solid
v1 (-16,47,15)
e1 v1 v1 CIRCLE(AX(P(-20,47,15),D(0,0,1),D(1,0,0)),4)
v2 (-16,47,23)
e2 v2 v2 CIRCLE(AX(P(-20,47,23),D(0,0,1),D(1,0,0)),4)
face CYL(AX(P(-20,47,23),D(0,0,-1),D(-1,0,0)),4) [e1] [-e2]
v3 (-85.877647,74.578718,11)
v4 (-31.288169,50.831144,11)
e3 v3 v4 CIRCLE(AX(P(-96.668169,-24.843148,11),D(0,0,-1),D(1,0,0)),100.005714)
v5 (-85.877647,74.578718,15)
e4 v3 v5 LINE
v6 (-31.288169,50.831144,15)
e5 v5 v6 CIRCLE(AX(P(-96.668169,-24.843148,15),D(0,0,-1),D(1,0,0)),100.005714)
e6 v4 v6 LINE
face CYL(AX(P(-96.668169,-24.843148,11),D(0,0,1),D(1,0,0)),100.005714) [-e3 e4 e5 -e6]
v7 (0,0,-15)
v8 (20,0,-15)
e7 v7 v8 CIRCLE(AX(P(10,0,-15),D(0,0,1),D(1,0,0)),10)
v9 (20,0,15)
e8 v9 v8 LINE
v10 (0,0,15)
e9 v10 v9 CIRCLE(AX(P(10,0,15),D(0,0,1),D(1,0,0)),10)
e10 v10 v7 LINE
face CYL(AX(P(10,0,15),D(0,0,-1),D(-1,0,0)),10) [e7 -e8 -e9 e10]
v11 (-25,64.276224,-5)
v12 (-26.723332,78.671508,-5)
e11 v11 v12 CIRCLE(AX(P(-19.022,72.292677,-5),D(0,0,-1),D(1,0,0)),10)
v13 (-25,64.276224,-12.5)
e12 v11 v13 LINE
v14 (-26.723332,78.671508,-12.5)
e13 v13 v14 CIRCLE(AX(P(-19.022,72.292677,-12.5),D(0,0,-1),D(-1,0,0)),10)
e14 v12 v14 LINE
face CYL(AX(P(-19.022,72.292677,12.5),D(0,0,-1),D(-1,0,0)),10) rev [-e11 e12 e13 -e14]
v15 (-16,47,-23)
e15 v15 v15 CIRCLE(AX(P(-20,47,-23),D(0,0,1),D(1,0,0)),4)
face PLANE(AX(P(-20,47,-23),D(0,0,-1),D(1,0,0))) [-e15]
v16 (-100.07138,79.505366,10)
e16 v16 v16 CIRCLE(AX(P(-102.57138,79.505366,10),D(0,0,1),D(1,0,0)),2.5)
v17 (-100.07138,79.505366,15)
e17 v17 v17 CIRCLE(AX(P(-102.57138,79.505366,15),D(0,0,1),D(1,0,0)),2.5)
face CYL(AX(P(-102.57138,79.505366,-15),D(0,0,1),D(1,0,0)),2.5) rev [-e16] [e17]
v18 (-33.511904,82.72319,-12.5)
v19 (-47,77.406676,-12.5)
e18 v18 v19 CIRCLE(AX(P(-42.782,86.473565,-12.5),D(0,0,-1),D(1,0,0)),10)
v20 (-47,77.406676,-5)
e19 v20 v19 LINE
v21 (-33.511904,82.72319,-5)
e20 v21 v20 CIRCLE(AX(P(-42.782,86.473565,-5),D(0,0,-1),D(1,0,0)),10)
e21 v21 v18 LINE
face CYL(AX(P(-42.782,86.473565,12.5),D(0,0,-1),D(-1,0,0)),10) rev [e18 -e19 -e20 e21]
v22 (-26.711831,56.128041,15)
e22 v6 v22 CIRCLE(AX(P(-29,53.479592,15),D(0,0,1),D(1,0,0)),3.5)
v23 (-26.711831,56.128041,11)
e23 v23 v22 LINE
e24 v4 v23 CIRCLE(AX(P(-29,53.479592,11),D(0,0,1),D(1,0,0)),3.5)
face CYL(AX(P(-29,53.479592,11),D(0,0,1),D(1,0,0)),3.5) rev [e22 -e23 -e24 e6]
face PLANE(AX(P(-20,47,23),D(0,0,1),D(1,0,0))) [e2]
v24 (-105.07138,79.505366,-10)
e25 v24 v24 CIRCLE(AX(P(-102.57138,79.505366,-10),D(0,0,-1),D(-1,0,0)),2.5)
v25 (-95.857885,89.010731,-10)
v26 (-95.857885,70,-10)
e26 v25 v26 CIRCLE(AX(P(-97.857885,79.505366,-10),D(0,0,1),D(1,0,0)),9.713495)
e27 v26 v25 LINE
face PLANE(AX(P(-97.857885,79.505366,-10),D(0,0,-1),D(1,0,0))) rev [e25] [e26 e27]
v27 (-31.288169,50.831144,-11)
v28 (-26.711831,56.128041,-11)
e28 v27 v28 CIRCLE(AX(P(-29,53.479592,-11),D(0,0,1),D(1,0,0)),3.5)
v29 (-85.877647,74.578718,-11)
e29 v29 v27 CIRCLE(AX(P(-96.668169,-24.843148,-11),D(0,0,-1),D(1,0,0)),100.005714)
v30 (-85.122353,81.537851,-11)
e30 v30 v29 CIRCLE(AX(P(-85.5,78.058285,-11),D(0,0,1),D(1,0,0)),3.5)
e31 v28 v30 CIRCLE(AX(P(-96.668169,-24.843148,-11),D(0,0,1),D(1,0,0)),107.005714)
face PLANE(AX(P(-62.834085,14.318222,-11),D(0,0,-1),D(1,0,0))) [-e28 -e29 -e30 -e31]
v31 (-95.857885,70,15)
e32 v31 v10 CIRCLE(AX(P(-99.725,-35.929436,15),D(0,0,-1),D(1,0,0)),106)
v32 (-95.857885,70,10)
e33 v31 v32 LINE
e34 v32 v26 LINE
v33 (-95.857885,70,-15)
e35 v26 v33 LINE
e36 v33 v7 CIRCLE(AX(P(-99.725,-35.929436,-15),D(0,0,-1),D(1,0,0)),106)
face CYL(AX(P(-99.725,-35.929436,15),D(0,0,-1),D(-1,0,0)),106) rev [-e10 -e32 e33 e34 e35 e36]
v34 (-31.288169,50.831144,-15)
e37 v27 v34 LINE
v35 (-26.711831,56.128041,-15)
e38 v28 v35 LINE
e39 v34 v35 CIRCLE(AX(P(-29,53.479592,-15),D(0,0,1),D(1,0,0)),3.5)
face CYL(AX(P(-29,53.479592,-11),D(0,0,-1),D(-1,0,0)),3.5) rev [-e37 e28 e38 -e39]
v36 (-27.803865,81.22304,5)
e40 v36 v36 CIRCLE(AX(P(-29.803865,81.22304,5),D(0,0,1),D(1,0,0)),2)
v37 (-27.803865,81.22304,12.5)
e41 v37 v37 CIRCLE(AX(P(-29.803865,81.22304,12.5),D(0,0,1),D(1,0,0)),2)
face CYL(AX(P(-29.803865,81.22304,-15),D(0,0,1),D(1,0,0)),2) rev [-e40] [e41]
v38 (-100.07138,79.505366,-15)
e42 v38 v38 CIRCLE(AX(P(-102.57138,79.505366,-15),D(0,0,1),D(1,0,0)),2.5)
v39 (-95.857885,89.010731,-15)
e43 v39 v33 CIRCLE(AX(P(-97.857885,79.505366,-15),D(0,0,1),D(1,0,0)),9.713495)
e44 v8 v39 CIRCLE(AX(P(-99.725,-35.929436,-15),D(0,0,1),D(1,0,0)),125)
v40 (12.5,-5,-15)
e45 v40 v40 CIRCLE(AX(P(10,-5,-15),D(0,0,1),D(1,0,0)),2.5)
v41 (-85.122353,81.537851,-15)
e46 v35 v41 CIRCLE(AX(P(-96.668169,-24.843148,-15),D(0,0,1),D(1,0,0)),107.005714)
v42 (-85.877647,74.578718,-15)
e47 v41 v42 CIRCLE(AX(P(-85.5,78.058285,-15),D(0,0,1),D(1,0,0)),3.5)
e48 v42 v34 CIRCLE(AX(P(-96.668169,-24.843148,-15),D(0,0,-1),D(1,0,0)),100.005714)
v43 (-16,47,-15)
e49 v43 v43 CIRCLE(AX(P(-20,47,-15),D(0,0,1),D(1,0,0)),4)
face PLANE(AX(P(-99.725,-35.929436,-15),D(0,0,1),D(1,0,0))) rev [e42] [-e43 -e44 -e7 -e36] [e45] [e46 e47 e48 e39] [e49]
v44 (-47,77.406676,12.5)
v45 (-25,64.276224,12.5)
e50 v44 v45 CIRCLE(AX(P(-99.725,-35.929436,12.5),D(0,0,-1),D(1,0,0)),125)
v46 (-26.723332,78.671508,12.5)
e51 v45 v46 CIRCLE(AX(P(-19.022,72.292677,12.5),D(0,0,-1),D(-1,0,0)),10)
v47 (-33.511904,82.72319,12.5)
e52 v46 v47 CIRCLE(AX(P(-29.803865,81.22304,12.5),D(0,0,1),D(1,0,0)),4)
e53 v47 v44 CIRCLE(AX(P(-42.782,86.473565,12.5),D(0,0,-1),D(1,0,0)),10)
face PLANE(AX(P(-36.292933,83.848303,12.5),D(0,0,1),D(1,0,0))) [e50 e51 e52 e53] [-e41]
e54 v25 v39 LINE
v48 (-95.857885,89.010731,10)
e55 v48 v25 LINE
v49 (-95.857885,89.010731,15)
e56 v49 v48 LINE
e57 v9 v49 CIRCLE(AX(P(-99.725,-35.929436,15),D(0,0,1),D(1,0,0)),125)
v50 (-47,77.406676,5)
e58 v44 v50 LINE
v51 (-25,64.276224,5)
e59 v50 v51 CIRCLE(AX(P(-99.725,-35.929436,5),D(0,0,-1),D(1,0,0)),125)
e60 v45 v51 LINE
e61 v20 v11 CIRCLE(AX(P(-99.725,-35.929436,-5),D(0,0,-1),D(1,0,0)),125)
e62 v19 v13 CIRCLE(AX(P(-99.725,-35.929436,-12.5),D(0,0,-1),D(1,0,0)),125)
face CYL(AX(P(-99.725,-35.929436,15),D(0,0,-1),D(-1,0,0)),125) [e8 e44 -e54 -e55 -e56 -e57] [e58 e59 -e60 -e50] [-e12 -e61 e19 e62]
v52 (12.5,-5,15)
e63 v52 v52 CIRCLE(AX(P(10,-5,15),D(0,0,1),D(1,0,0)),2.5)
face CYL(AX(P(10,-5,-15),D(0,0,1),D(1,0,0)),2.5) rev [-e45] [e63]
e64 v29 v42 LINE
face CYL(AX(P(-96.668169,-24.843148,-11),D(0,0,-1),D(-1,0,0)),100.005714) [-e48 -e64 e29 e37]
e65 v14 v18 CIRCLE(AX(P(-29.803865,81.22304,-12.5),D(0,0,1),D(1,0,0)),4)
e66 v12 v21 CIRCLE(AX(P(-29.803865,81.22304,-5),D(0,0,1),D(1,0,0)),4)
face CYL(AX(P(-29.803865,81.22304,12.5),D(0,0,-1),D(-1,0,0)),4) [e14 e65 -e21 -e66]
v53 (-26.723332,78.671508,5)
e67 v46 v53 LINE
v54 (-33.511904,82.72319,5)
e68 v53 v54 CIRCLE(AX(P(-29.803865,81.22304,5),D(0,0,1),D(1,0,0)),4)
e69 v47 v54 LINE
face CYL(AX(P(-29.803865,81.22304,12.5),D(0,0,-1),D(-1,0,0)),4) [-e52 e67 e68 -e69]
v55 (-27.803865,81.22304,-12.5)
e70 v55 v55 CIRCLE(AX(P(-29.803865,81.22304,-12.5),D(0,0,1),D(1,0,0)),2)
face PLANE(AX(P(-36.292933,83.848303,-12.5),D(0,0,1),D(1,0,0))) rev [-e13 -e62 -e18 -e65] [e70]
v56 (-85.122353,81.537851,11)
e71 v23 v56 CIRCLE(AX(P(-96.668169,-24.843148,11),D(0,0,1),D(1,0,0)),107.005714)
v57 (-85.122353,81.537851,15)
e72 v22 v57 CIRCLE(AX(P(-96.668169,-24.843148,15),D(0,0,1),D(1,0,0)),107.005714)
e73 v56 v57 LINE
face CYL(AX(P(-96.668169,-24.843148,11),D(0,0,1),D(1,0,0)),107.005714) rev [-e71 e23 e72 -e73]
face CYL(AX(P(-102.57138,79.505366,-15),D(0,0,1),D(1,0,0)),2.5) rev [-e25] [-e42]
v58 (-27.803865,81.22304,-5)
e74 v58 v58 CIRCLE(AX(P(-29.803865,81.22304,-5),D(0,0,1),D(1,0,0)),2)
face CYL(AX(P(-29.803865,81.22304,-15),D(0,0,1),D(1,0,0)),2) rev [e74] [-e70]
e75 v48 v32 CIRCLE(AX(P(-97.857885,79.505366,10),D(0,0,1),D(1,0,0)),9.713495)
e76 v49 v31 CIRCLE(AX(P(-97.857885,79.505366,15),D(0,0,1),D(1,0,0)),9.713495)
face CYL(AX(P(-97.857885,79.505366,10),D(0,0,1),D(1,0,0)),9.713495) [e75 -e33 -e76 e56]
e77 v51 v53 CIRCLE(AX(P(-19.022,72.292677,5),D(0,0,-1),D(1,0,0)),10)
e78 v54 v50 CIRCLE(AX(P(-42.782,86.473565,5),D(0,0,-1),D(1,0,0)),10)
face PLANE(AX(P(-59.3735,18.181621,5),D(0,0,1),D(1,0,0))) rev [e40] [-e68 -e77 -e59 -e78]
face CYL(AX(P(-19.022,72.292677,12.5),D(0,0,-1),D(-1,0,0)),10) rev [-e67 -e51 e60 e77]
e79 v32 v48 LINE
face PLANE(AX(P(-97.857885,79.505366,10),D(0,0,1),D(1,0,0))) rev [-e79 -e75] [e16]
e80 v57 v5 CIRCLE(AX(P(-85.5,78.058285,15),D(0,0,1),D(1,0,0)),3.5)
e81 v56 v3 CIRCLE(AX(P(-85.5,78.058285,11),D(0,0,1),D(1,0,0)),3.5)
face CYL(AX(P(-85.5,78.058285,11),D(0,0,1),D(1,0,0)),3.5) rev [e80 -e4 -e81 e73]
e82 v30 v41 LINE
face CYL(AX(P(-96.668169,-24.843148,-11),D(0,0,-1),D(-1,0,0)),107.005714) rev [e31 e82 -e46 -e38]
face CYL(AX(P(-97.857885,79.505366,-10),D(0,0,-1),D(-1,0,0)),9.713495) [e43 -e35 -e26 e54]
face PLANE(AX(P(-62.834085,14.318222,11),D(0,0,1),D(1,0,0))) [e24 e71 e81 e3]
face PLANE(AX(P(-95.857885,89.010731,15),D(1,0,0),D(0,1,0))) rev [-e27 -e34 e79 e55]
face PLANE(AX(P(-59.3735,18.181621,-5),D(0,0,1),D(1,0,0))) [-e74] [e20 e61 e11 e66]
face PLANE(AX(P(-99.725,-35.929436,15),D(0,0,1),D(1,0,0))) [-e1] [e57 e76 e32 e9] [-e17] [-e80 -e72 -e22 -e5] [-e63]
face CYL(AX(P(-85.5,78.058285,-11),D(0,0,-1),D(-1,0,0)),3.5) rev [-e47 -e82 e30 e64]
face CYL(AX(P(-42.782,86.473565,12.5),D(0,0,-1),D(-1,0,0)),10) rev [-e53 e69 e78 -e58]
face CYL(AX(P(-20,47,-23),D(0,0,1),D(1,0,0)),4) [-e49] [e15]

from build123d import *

# Parameters (mm, degrees)
Y_KSEKLIK_EKSTR_ZYON1_DEPTH = 15
Y_KSEKLIK_EKSTR_ZYON2_DEPTH = 5
IZIM4_R                     = 2.5
KES_EKSTR_ZYON1_DEPTH       = 31
Y_KSEKLIK_EKSTR_ZYON3_DEPTH = 12.5
KES_EKSTR_ZYON2_DEPTH       = 5
IZIM7_R                     = 2
KES_EKSTR_ZYON3_DEPTH       = 28.5
IZIM8_R                     = 4
Y_KSEKLIK_EKSTR_ZYON5_DEPTH = 8
KES_EKSTR_ZYON4_DEPTH       = 4
Y_KSEKLIK_EKSTR_ZYON6_DEPTH = 15
IZIM11_R                    = 2.5
KES_EKSTR_ZYON5_DEPTH       = 30


with BuildPart() as part:
    # Çizim1 → Yükseklik-Ekstrüzyon1 (new body, symmetric)
    with BuildSketch(Plane.XY):
        with BuildLine():
            Line((-95.857885087, 89.010731317), (-95.857885087, 70))
            ThreePointArc((-95.857885087, 70), (-37.212348736, 49.675285967), (0, 0))
            Line((0, 0), (20, 0))
            ThreePointArc((20, 0), (-23.570681084, 63.194323514), (-95.857885087, 89.010731317))
        make_face()
    extrude(amount=Y_KSEKLIK_EKSTR_ZYON1_DEPTH, both=True)

    # Çizim3 → Yükseklik-Ekstrüzyon2 (add)
    with BuildSketch(Plane.XY.offset(15)):
        with BuildLine():
            Line((-95.857885087, 89.010731317), (-95.857885087, 70))
            ThreePointArc((-95.857885087, 70), (-107.571379634, 79.505365659), (-95.857885087, 89.010731317))
        make_face()
    y_kseklik_ekstr_zyon2 = extrude(amount=-Y_KSEKLIK_EKSTR_ZYON2_DEPTH)

    # Aynalama1: Yükseklik-Ekstrüzyon2 across plane
    add(y_kseklik_ekstr_zyon2.mirror(Plane.XY))

    # Çizim4 → Kes-Ekstrüzyon1 (cut, through all)
    with BuildSketch(Plane.XY.offset(15)):
        with Locations((-102.571379634, 79.505365659)):
            Circle(IZIM4_R)
    extrude(amount=-KES_EKSTR_ZYON1_DEPTH, mode=Mode.SUBTRACT)

    # Çizim5 → Yükseklik-Ekstrüzyon3 (add, symmetric)
    with BuildSketch(Plane.XY):
        with BuildLine():
            ThreePointArc((-25, 64.276224342), (-35.66270362, 71.406588574), (-47, 77.406676353))
            ThreePointArc((-47, 77.406676353), (-39.114950806, 77.17019229), (-33.511903594, 82.723190348))
            ThreePointArc((-33.511903594, 82.723190348), (-27.753871547, 84.657793137), (-26.723332165, 78.671508013))
            ThreePointArc((-26.723332165, 78.671508013), (-28.951102684, 71.104014108), (-25, 64.276224342))
        make_face()
    extrude(amount=Y_KSEKLIK_EKSTR_ZYON3_DEPTH, both=True)

    # Çizim6 → Kes-Ekstrüzyon2 (cut, symmetric)
    with BuildSketch(Plane.XY):
        with BuildLine():
            ThreePointArc((-25, 64.276224342), (-35.66270362, 71.406588574), (-47, 77.406676353))
            ThreePointArc((-47, 77.406676353), (-39.114950806, 77.17019229), (-33.511903594, 82.723190348))
            ThreePointArc((-33.511903594, 82.723190348), (-27.753871547, 84.657793137), (-26.723332165, 78.671508013))
            ThreePointArc((-26.723332165, 78.671508013), (-28.951102684, 71.104014108), (-25, 64.276224342))
        make_face()
    extrude(amount=KES_EKSTR_ZYON2_DEPTH, both=True, mode=Mode.SUBTRACT)

    # Çizim7 → Kes-Ekstrüzyon3 (cut, through all)
    with BuildSketch(Plane.XY.offset(12.5)):
        with Locations((-29.803865031, 81.223040349)):
            Circle(IZIM7_R)
    extrude(amount=-KES_EKSTR_ZYON3_DEPTH, mode=Mode.SUBTRACT)

    # Çizim8 → Yükseklik-Ekstrüzyon5 (add)
    with BuildSketch(Plane.XY.offset(15)):
        with Locations((-20, 47)):
            Circle(IZIM8_R)
    y_kseklik_ekstr_zyon5 = extrude(amount=Y_KSEKLIK_EKSTR_ZYON5_DEPTH)

    # Aynalama2: Yükseklik-Ekstrüzyon5 across plane
    add(y_kseklik_ekstr_zyon5.mirror(Plane.XY))

    # Çizim9 → Kes-Ekstrüzyon4 (cut)
    with BuildSketch(Plane.XY.offset(15)):
        with BuildLine():
            ThreePointArc((-26.711830739, 56.128041308), (-53.982517061, 73.280029195), (-85.122353286, 81.537850995))
            ThreePointArc((-85.122353286, 81.537850995), (-88.97956649, 78.435931218), (-85.877646714, 74.578718014))
            ThreePointArc((-85.877646714, 74.578718014), (-56.774887256, 66.861098701), (-31.288169261, 50.831143563))
            ThreePointArc((-31.288169261, 50.831143563), (-26.351551127, 51.191423174), (-26.711830739, 56.128041308))
        make_face()
    kes_ekstr_zyon4 = extrude(amount=-KES_EKSTR_ZYON4_DEPTH, mode=Mode.SUBTRACT)

    # Aynalama3: Kes-Ekstrüzyon4 across plane
    add(kes_ekstr_zyon4.mirror(Plane.XY), mode=Mode.SUBTRACT)

    # Çizim10 → Yükseklik-Ekstrüzyon6 (add, symmetric)
    with BuildSketch(Plane.XY):
        with BuildLine():
            Line((0, 0), (20, 0))
            ThreePointArc((20, 0), (10, -10), (0, 0))
        make_face()
    extrude(amount=Y_KSEKLIK_EKSTR_ZYON6_DEPTH, both=True)

    # Çizim11 → Kes-Ekstrüzyon5 (cut)
    with BuildSketch(Plane.XY.offset(15)):
        with Locations((10, -5)):
            Circle(IZIM11_R)
    extrude(amount=-KES_EKSTR_ZYON5_DEPTH, mode=Mode.SUBTRACT)


solid = part.part
